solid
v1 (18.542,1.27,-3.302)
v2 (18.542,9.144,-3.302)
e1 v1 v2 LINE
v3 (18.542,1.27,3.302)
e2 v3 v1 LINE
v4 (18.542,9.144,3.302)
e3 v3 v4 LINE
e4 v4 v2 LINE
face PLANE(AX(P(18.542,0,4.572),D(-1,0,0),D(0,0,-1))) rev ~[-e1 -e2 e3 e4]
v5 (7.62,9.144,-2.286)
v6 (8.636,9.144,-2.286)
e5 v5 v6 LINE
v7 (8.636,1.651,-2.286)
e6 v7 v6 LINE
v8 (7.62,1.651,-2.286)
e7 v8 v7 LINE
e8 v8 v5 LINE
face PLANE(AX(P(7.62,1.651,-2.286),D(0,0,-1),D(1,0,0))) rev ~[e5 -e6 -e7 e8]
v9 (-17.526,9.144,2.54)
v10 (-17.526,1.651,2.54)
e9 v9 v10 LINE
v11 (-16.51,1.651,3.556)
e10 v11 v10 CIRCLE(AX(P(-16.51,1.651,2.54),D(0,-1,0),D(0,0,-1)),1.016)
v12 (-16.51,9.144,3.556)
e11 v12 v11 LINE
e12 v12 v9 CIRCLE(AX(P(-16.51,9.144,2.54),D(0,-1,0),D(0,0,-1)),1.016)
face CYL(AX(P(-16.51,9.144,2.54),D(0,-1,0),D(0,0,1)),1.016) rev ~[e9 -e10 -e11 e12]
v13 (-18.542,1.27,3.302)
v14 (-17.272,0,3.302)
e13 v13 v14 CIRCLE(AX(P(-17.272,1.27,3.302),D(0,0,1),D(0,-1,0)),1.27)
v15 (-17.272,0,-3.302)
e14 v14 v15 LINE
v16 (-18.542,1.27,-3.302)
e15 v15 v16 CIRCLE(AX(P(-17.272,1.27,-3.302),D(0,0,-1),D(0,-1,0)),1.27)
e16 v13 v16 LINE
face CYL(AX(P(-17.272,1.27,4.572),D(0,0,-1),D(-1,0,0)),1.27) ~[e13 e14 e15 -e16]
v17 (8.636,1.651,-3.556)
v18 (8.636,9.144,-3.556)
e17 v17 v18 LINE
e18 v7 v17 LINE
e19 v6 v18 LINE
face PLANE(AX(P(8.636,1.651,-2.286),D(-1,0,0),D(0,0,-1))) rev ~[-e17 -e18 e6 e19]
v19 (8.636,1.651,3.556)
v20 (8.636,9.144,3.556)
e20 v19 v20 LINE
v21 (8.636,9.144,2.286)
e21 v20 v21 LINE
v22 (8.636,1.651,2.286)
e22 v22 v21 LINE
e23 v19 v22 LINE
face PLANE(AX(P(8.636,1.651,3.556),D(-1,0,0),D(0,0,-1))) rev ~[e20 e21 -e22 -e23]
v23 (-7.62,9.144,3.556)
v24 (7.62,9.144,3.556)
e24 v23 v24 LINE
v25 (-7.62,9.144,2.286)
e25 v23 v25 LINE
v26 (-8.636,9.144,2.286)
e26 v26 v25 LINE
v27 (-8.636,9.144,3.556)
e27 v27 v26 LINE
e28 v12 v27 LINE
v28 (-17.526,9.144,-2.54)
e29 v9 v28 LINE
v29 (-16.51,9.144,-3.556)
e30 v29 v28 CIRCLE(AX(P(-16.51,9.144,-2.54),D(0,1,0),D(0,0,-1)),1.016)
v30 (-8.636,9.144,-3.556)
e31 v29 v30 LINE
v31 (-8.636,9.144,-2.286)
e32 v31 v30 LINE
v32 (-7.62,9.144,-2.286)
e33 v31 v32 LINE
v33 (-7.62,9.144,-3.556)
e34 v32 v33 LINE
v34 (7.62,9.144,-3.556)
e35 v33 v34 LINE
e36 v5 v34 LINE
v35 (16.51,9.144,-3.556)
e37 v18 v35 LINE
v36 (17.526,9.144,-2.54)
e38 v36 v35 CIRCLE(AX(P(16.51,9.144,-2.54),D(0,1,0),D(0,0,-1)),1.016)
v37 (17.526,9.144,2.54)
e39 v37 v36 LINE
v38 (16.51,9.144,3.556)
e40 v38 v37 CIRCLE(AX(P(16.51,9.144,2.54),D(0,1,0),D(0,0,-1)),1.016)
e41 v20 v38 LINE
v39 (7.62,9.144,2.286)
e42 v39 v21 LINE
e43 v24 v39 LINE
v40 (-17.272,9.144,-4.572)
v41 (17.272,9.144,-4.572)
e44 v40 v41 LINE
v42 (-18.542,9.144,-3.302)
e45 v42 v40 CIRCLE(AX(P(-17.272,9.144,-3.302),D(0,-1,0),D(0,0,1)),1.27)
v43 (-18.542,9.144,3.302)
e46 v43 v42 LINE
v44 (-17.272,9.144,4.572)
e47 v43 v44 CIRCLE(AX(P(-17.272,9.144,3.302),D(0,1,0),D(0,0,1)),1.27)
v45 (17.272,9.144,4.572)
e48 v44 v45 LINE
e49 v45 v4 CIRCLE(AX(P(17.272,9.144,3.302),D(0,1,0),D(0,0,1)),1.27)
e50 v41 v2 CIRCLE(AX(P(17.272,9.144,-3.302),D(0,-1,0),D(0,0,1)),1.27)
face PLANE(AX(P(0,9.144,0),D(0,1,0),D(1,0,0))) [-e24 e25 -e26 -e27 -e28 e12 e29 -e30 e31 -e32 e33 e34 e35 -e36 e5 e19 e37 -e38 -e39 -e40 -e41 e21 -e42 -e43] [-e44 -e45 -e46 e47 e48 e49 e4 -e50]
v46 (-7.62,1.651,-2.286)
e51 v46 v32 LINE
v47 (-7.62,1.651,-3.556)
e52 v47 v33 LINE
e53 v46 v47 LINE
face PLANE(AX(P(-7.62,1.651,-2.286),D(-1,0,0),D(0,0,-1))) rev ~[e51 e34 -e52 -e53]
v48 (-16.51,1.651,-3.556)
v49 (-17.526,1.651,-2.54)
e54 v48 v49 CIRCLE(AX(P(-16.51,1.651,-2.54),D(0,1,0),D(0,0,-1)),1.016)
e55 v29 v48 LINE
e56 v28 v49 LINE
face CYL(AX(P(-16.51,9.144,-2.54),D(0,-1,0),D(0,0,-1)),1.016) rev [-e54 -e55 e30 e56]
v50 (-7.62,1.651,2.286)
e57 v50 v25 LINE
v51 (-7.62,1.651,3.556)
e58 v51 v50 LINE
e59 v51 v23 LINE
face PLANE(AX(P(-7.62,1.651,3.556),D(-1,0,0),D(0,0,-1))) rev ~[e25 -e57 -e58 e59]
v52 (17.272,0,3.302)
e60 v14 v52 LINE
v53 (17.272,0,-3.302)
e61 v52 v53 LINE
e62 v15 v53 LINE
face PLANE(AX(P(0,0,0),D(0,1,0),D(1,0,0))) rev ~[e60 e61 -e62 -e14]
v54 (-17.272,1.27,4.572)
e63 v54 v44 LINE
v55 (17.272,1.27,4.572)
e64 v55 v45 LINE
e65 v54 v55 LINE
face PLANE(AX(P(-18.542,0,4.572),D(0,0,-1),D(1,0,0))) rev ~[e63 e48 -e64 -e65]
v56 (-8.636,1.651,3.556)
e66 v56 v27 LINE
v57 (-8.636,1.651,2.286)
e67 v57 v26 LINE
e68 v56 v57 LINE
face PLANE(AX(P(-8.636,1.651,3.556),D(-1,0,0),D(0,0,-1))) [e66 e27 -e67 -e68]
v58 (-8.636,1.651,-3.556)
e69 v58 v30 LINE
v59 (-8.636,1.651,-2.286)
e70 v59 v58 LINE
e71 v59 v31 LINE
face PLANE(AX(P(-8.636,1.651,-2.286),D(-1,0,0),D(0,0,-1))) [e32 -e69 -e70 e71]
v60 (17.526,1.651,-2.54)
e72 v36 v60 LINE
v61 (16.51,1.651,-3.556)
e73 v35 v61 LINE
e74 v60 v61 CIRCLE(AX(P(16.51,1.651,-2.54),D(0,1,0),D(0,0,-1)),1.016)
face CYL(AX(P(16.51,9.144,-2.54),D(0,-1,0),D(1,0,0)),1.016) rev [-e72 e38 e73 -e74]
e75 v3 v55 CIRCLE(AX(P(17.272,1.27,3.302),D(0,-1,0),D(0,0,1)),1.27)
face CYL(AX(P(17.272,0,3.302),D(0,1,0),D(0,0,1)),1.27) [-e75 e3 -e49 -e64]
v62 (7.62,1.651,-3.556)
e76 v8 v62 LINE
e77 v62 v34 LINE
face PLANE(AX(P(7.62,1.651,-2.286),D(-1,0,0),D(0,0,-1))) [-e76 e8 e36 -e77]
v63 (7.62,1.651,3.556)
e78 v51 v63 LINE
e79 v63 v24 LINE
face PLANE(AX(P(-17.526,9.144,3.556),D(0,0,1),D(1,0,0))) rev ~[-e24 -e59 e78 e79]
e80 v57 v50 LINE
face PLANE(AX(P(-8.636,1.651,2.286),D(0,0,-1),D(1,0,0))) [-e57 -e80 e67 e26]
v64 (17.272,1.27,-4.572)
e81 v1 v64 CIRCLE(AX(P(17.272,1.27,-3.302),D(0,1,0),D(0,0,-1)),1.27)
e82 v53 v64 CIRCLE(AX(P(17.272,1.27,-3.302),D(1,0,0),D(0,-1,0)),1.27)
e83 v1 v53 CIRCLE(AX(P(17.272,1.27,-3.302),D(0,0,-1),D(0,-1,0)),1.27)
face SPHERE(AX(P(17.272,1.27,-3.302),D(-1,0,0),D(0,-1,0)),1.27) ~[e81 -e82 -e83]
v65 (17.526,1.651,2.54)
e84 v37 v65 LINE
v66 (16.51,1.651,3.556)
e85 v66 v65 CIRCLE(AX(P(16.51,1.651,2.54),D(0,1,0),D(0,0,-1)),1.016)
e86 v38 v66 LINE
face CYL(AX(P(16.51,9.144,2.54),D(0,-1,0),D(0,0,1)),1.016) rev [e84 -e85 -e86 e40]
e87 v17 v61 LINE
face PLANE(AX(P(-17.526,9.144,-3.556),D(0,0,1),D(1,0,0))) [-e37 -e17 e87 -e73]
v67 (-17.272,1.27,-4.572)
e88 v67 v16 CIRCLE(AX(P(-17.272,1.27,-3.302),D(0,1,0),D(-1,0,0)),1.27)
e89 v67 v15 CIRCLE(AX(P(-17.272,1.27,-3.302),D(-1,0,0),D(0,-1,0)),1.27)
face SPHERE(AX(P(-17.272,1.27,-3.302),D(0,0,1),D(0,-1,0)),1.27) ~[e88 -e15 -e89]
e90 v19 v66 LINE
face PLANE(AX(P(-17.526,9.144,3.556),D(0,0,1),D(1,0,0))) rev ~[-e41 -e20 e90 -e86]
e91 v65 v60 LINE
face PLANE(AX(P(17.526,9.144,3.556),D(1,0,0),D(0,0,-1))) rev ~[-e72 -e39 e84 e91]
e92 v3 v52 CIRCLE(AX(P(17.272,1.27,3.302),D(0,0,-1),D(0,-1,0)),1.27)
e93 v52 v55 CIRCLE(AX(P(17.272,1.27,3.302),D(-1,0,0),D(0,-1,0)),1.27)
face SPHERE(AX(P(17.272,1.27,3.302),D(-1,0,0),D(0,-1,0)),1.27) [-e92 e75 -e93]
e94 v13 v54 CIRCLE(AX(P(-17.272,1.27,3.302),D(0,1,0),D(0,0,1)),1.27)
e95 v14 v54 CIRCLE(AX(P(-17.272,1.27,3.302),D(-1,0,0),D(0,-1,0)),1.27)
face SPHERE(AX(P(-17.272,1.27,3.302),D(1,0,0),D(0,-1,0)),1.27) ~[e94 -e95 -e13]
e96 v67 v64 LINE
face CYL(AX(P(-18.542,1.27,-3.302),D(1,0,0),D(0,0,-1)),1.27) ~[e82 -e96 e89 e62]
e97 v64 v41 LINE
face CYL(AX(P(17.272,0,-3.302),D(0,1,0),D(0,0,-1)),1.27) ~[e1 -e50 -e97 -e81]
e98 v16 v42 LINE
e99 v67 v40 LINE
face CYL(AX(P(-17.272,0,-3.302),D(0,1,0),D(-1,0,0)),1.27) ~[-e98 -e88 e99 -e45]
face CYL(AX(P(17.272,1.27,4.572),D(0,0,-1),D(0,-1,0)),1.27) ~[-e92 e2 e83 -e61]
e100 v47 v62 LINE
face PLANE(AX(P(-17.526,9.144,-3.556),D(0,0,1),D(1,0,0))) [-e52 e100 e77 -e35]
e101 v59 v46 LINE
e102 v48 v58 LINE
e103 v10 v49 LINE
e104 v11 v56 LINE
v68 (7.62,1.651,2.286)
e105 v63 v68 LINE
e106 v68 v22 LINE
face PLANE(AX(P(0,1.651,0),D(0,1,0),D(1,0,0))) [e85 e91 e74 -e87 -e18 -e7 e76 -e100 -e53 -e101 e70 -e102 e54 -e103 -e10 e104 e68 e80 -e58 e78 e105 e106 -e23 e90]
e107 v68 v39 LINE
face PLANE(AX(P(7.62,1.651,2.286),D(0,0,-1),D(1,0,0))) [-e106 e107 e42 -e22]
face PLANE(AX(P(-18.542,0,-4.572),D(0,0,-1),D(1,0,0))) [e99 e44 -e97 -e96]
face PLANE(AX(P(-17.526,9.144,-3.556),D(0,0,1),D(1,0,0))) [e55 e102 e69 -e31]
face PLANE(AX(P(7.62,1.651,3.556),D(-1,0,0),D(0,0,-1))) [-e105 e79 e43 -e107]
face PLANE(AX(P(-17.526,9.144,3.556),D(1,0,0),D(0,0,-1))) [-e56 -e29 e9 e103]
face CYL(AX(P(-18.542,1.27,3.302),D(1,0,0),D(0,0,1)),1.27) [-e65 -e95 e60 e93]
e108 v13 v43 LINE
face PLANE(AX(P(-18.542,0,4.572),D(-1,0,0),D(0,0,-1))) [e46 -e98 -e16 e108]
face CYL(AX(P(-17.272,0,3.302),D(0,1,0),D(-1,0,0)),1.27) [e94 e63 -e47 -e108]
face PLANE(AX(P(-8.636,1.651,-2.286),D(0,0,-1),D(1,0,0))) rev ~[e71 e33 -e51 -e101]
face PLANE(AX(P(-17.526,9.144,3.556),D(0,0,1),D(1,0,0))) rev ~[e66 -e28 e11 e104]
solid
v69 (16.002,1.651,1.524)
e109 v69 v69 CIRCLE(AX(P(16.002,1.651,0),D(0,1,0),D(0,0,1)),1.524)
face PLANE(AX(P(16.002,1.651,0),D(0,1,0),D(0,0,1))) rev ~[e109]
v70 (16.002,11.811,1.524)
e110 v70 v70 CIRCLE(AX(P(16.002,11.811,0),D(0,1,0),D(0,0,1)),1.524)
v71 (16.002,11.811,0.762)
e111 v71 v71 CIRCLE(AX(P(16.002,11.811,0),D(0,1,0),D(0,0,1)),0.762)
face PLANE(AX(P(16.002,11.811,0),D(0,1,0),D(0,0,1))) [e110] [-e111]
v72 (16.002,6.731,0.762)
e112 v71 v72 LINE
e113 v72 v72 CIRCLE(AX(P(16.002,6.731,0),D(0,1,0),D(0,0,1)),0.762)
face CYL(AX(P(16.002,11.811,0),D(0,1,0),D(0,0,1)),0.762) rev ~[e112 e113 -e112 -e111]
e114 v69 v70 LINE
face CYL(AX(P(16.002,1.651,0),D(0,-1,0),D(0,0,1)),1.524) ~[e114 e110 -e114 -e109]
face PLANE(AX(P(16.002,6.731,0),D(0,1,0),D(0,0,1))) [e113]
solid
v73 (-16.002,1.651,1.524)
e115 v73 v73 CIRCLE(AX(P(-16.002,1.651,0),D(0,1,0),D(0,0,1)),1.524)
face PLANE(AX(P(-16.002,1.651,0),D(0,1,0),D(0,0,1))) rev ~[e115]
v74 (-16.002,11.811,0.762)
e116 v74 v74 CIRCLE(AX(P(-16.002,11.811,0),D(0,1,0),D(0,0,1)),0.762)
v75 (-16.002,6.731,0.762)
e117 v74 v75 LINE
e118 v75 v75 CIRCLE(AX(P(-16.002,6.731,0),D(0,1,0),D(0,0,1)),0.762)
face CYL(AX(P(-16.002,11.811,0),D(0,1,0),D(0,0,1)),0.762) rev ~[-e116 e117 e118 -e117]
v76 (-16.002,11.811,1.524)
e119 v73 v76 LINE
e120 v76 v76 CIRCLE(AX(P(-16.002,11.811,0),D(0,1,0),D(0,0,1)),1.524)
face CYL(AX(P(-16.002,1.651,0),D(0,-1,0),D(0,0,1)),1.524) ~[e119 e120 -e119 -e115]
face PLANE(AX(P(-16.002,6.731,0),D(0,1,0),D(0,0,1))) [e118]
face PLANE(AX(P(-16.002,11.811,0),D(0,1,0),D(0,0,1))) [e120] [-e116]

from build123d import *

# Parameters (mm, degrees)
SKETCH1_W             = 37.084
SKETCH1_H             = 9.144
BOSS_EXTRUDE1_DEPTH   = 9.144
SKETCH2_W             = 35.052
SKETCH2_H             = 7.112
CUT_EXTRUDE3_DEPTH    = 7.493
FILLET1_R             = 1.27
FILLET2_R             = 1.016
SKETCH10_W            = 1.016
SKETCH10_H            = 1.27
BOSS_EXTRUDE5_DEPTH   = 7.493
SKETCH11_R            = 1.524
BOSS_EXTRUDE8_DEPTH   = 10.16
BOSS_EXTRUDE8_2_DEPTH = 10.16
SKETCH12_R            = 0.762
CUT_EXTRUDE4_DEPTH    = 5.08


with BuildPart() as part:
    # Sketch1 → Boss-Extrude1 (new body)
    with BuildSketch(Plane(origin=(0, 0, 0), x_dir=(1, 0, 0), z_dir=(0, 1, 0))):
        Rectangle(SKETCH1_W, SKETCH1_H)
    extrude(amount=BOSS_EXTRUDE1_DEPTH)

    # Sketch2 → Cut-Extrude3 (cut)
    with BuildSketch(Plane(origin=(0, 9.144, 0), x_dir=(1, 0, 0), z_dir=(0, 1, 0))):
        Rectangle(SKETCH2_W, SKETCH2_H)
    extrude(amount=-CUT_EXTRUDE3_DEPTH, mode=Mode.SUBTRACT)

    # Fillet1
    fillet1_edges = [part.edges().sort_by_distance(p)[0] for p in [
        (0, 0, 4.572),
        (-18.542, 0, 0),
        (0, 0, -4.572),
        (18.542, 0, 0),
        (18.542, 4.572, 4.572),
        (-18.542, 4.572, 4.572),
        (-18.542, 4.572, -4.572),
        (18.542, 4.572, -4.572),
    ]]
    fillet(fillet1_edges, radius=FILLET1_R)

    # Fillet2
    fillet2_edges = [part.edges().sort_by_distance(p)[0] for p in [
        (-17.526, 5.3975, -3.556),
        (-17.526, 5.3975, 3.556),
        (17.526, 5.3975, 3.556),
        (17.526, 5.3975, -3.556),
    ]]
    fillet(fillet2_edges, radius=FILLET2_R)

    # Sketch10 → Boss-Extrude5 (add)
    with BuildSketch(Plane(origin=(0, 1.651, 0), x_dir=(1, 0, 0), z_dir=(0, 1, 0))):
        with Locations((-8.128, 2.921)):
            Rectangle(SKETCH10_W, SKETCH10_H)
        with Locations((8.128, 2.921)):
            Rectangle(SKETCH10_W, SKETCH10_H)
        with Locations((-8.128, -2.921)):
            Rectangle(SKETCH10_W, SKETCH10_H)
        with Locations((8.128, -2.921)):
            Rectangle(SKETCH10_W, SKETCH10_H)
    extrude(amount=BOSS_EXTRUDE5_DEPTH)


with BuildPart() as body_2:
    # Sketch11 → Boss-Extrude8 (new body)
    with BuildSketch(Plane(origin=(0, 1.651, 0), x_dir=(1, 0, 0), z_dir=(0, 1, 0))):
        with Locations(Location((16.002, 0, 0), (0, 0, 270))):
            Circle(SKETCH11_R)
    extrude(amount=BOSS_EXTRUDE8_DEPTH)


with BuildPart() as body_3:
    # Sketch11 → Boss-Extrude8 2 (new body)
    with BuildSketch(Plane(origin=(0, 1.651, 0), x_dir=(1, 0, 0), z_dir=(0, 1, 0))):
        with Locations(Location((-16.002, 0, 0), (0, 0, 270))):
            Circle(SKETCH11_R)
    extrude(amount=BOSS_EXTRUDE8_2_DEPTH)


with BuildPart() as cut_extrude4_tool:
    # Sketch12 → Cut-Extrude4 (new body)
    with BuildSketch(Plane(origin=(0, 11.811, 0), x_dir=(1, 0, 0), z_dir=(0, 1, 0))):
        with Locations(Location((-16.002, 0, 0), (0, 0, 270))):
            Circle(SKETCH12_R)
        with Locations(Location((16.002, 0, 0), (0, 0, 270))):
            Circle(SKETCH12_R)
    extrude(amount=-CUT_EXTRUDE4_DEPTH)


with BuildPart() as body_2_1:
    add(body_2.part)

    # Cut-Extrude4: cut by cut_extrude4_tool
    add(cut_extrude4_tool.part, mode=Mode.SUBTRACT)


with BuildPart() as body_3_1:
    add(body_3.part)

    # Cut-Extrude4: cut by cut_extrude4_tool
    add(cut_extrude4_tool.part, mode=Mode.SUBTRACT)


solid = Compound([part.part, body_2_1.part, body_3_1.part])
